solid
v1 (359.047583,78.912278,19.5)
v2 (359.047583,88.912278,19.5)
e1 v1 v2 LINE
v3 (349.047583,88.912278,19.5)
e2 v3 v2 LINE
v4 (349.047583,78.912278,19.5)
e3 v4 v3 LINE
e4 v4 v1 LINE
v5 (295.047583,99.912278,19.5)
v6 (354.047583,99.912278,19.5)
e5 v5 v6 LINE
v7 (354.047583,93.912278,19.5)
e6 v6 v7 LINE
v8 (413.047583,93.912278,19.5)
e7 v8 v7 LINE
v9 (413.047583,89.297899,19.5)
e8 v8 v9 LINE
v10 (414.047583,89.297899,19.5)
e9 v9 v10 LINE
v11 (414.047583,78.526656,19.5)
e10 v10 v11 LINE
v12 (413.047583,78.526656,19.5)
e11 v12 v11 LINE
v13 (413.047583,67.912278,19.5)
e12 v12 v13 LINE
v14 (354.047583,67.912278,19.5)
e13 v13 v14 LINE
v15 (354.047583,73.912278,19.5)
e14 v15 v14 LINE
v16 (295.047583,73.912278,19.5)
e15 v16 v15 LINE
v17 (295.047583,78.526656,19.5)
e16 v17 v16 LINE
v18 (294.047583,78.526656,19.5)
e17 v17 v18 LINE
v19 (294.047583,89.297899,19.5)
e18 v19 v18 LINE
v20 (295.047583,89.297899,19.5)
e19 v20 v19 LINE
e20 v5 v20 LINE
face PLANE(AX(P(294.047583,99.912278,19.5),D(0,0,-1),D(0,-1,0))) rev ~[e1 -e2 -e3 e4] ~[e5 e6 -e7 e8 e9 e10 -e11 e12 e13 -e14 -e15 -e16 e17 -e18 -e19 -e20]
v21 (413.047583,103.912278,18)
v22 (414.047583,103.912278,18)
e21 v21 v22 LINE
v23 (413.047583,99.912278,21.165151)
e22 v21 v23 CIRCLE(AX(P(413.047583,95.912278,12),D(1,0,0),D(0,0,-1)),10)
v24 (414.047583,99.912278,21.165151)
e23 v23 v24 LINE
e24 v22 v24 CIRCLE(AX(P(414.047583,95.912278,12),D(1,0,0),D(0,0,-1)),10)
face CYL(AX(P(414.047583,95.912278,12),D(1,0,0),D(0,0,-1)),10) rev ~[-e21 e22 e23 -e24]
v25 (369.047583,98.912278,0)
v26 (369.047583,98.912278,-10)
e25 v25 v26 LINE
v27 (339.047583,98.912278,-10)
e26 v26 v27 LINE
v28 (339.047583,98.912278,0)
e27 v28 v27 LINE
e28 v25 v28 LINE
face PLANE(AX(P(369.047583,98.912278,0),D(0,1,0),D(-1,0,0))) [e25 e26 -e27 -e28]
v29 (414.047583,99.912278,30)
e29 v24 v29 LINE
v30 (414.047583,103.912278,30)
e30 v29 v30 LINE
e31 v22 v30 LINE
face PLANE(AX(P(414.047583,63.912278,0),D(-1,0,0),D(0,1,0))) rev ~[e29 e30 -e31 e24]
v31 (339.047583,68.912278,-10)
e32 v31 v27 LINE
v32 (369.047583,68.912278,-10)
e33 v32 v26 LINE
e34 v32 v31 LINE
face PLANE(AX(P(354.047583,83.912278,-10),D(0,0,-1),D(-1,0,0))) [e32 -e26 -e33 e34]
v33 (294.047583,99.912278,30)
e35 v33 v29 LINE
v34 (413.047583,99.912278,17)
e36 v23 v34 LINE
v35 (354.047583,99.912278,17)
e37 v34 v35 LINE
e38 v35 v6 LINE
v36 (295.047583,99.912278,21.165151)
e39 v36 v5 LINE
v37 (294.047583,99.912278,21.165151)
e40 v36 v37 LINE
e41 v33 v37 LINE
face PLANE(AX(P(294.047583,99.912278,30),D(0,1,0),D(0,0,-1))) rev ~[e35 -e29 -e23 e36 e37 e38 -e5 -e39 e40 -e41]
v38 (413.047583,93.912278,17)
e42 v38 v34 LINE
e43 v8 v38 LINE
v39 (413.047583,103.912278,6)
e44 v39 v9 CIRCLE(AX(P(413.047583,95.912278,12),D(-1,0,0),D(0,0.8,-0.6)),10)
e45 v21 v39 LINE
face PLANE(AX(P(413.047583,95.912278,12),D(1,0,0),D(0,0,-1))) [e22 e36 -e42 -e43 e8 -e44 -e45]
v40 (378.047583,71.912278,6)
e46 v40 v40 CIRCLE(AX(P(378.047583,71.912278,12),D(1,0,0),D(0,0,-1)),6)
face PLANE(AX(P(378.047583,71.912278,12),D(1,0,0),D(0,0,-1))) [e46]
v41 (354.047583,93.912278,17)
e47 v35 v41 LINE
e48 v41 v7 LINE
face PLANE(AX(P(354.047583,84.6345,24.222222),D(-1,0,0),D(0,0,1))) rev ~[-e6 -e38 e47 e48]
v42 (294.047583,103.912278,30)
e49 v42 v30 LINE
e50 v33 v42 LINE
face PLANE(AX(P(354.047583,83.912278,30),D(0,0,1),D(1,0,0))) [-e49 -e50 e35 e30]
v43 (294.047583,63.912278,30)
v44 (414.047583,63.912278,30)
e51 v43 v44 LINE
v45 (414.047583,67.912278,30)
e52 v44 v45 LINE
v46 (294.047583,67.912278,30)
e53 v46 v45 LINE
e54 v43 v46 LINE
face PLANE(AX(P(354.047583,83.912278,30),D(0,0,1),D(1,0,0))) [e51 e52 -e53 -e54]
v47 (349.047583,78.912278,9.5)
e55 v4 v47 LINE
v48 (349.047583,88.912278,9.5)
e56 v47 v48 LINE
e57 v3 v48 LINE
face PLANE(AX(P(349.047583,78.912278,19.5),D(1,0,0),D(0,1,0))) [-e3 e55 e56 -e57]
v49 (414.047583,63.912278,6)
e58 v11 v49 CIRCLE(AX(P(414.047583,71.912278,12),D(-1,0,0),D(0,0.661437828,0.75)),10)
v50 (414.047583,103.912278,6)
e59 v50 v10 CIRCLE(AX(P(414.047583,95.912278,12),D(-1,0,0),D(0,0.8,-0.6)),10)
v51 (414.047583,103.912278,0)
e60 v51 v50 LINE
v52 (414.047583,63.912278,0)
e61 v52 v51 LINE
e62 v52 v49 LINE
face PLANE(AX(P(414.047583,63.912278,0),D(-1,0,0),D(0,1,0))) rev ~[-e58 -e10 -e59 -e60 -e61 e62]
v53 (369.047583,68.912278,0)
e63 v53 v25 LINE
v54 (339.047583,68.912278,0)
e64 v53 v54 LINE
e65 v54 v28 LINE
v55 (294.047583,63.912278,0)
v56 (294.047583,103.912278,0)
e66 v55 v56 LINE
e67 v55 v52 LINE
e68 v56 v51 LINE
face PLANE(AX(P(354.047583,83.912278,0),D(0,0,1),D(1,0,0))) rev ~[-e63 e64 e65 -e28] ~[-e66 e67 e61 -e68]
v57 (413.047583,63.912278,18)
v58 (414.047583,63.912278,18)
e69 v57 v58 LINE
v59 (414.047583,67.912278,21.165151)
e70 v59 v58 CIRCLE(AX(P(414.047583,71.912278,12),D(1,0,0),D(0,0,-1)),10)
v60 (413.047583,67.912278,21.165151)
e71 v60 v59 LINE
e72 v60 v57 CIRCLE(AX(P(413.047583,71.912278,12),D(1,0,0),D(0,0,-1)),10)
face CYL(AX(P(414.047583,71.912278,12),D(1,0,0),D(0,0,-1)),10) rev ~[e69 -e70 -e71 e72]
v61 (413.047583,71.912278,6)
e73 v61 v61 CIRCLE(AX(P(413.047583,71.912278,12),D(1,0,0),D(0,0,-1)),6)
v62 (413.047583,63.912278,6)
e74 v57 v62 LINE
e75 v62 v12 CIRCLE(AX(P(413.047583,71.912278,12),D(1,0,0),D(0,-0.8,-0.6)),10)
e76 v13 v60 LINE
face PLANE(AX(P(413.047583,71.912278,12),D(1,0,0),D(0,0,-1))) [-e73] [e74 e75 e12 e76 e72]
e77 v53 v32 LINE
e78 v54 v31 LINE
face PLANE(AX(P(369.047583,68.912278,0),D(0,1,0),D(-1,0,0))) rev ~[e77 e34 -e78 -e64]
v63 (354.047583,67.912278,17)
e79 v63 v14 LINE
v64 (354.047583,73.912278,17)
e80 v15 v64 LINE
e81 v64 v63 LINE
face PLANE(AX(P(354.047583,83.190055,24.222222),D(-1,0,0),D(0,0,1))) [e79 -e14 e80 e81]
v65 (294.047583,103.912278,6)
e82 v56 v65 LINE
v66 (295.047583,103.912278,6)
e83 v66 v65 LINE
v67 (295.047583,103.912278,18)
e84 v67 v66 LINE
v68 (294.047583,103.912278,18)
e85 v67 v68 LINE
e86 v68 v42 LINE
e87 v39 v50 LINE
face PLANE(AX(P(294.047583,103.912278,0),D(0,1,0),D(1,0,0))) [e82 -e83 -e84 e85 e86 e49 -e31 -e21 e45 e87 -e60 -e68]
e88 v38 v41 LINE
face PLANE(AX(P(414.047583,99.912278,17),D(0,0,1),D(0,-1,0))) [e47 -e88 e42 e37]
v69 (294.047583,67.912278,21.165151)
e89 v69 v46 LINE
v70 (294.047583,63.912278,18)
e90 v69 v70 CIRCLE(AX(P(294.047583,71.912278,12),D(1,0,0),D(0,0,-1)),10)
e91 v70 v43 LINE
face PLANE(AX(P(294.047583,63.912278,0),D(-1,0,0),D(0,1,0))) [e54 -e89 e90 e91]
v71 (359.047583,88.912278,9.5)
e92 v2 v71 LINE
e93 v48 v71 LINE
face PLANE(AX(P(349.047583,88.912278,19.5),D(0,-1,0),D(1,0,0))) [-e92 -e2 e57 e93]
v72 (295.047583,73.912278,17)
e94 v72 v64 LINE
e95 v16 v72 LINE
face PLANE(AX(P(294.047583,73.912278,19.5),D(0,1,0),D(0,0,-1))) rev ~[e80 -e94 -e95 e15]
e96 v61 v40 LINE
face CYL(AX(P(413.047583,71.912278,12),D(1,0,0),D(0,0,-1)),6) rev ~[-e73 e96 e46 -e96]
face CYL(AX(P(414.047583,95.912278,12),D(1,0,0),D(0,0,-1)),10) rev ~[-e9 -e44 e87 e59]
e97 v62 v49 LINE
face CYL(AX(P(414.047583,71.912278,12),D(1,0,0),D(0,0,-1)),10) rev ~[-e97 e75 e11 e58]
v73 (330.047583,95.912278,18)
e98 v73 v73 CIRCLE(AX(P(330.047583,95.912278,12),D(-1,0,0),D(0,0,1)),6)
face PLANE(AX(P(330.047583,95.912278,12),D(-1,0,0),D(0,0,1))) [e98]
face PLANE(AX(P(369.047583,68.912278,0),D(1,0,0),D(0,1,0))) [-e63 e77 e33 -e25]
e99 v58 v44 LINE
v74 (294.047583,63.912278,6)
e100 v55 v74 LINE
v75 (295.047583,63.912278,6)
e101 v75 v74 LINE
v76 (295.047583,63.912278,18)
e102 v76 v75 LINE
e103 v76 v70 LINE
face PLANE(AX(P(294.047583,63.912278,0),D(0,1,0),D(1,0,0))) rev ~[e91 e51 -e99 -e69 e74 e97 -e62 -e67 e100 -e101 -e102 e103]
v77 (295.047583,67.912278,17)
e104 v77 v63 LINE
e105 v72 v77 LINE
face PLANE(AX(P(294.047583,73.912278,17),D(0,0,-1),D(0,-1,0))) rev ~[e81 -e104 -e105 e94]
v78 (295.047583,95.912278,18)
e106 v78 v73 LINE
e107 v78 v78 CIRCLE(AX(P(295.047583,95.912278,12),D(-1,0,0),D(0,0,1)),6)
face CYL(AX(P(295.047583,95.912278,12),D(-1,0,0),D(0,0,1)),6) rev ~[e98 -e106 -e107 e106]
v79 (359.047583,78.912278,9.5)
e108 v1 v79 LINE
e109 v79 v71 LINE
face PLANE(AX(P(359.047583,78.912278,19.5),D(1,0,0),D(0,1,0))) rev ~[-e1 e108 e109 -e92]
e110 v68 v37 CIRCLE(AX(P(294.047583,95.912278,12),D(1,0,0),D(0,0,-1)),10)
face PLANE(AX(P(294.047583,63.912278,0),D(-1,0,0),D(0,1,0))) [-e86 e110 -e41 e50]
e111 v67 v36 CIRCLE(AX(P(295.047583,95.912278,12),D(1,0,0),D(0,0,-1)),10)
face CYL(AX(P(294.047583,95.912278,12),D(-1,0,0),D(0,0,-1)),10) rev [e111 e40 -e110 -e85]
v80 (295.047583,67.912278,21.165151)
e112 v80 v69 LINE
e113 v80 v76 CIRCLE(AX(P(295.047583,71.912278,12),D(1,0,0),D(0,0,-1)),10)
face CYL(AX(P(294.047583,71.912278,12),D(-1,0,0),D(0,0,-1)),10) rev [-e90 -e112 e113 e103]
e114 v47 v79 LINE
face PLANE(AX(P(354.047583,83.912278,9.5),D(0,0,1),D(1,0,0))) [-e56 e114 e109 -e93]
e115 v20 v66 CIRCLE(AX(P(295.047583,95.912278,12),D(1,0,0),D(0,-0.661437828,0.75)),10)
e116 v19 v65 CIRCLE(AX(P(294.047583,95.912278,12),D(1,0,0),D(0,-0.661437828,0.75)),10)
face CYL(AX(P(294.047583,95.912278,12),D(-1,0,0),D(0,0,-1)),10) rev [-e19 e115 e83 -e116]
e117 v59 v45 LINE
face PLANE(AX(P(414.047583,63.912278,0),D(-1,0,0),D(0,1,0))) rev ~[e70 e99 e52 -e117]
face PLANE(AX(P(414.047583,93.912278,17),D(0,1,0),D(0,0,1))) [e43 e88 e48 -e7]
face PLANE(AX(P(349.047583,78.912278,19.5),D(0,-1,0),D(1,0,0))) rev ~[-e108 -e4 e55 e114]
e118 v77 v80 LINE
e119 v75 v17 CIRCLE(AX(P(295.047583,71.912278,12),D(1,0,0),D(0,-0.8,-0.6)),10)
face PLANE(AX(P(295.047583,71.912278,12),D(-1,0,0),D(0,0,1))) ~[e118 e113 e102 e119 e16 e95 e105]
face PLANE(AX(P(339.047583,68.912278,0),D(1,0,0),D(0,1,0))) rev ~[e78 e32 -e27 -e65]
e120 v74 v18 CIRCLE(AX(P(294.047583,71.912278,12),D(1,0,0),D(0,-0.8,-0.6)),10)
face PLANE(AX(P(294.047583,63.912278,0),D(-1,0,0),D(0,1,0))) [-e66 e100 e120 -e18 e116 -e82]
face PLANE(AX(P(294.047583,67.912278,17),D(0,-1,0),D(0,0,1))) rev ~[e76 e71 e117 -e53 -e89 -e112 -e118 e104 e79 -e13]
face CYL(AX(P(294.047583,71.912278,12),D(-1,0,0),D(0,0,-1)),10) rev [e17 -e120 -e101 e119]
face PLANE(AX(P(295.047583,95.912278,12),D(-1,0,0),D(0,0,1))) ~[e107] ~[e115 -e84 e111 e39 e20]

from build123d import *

# Parameters (mm, degrees)
SKETCH1_W           = 120
SKETCH1_H           = 40
BOSS_EXTRUDE1_DEPTH = 30
CUT_EXTRUDE1_DEPTH  = 60
CUT_EXTRUDE2_DEPTH  = 60
SKETCH6_W           = 30
SKETCH6_H           = 30
BOSS_EXTRUDE2_DEPTH = 10
SKETCH7_R           = 10
CUT_EXTRUDE3_DEPTH  = 1
SKETCH9_R           = 6
CUT_EXTRUDE4_DEPTH  = 35
SKETCH10_R          = 6
CUT_EXTRUDE5_DEPTH  = 35
SKETCH11_W          = 10
SKETCH11_H          = 10
CUT_EXTRUDE6_DEPTH  = 10


with BuildPart() as part:
    # Sketch1 → Boss-Extrude1 (new body)
    with BuildSketch(Plane.XY):
        with Locations((354.047582571, 83.912277662)):
            Rectangle(SKETCH1_W, SKETCH1_H)
    extrude(amount=BOSS_EXTRUDE1_DEPTH)

    # Sketch2 → Cut-Extrude1 (cut)
    with BuildSketch(Plane(origin=(414.047582571, 0, 0), x_dir=(0, 0, -1), z_dir=(1, 0, 0))):
        Polygon((-30, 99.912277662), (-19.5, 99.912277662), (-17, 99.912277662), (-17, 93.912277662), (-19.5, 93.912277662), (-19.5, 67.912277662), (-30, 67.912277662), align=None)
    extrude(amount=-CUT_EXTRUDE1_DEPTH, mode=Mode.SUBTRACT)

    # Sketch5 → Cut-Extrude2 (cut)
    with BuildSketch(Plane.ZY.offset(-294.047582571)):
        Polygon((30, 99.912277662), (19.5, 99.912277662), (19.5, 73.912277662), (17, 73.912277662), (17, 67.912277662), (19.5, 67.912277662), (30, 67.912277662), align=None)
    extrude(amount=-CUT_EXTRUDE2_DEPTH, mode=Mode.SUBTRACT)

    # Sketch6 → Boss-Extrude2 (add)
    with BuildSketch(Plane(origin=(0, 0, 0), x_dir=(-1, 0, 0), z_dir=(0, 0, -1))):
        with Locations((-354.047582571, 83.912277662)):
            Rectangle(SKETCH6_W, SKETCH6_H)
    extrude(amount=BOSS_EXTRUDE2_DEPTH)

    # Sketch7 → Cut-Extrude3 (cut)
    with BuildSketch(Plane(origin=(414.047582571, 0, 0), x_dir=(0, 0, -1), z_dir=(1, 0, 0))):
        with Locations((-12, 95.912277662)):
            Circle(SKETCH7_R)
        with Locations((-12, 71.912277662)):
            Circle(SKETCH7_R)
    cut_extrude3 = extrude(amount=-CUT_EXTRUDE3_DEPTH, mode=Mode.SUBTRACT)

    # Mirror1: Cut-Extrude3 across plane
    add(cut_extrude3.mirror(Plane.ZY.offset(-354.047582571)), mode=Mode.SUBTRACT)

    # Sketch9 → Cut-Extrude4 (cut)
    with BuildSketch(Plane(origin=(413.047582571, 0, 0), x_dir=(0, 0, -1), z_dir=(1, 0, 0))):
        with Locations((-12, 71.912277662)):
            Circle(SKETCH9_R)
    extrude(amount=-CUT_EXTRUDE4_DEPTH, mode=Mode.SUBTRACT)

    # Sketch10 → Cut-Extrude5 (cut)
    with BuildSketch(Plane.ZY.offset(-295.047582571)):
        with Locations((12, 95.912277662)):
            Circle(SKETCH10_R)
    extrude(amount=-CUT_EXTRUDE5_DEPTH, mode=Mode.SUBTRACT)

    # Sketch11 → Cut-Extrude6 (cut)
    with BuildSketch(Plane.XY.offset(19.5)):
        with Locations((354.047582571, 83.912277662)):
            Rectangle(SKETCH11_W, SKETCH11_H)
    extrude(amount=-CUT_EXTRUDE6_DEPTH, mode=Mode.SUBTRACT)


solid = part.part
